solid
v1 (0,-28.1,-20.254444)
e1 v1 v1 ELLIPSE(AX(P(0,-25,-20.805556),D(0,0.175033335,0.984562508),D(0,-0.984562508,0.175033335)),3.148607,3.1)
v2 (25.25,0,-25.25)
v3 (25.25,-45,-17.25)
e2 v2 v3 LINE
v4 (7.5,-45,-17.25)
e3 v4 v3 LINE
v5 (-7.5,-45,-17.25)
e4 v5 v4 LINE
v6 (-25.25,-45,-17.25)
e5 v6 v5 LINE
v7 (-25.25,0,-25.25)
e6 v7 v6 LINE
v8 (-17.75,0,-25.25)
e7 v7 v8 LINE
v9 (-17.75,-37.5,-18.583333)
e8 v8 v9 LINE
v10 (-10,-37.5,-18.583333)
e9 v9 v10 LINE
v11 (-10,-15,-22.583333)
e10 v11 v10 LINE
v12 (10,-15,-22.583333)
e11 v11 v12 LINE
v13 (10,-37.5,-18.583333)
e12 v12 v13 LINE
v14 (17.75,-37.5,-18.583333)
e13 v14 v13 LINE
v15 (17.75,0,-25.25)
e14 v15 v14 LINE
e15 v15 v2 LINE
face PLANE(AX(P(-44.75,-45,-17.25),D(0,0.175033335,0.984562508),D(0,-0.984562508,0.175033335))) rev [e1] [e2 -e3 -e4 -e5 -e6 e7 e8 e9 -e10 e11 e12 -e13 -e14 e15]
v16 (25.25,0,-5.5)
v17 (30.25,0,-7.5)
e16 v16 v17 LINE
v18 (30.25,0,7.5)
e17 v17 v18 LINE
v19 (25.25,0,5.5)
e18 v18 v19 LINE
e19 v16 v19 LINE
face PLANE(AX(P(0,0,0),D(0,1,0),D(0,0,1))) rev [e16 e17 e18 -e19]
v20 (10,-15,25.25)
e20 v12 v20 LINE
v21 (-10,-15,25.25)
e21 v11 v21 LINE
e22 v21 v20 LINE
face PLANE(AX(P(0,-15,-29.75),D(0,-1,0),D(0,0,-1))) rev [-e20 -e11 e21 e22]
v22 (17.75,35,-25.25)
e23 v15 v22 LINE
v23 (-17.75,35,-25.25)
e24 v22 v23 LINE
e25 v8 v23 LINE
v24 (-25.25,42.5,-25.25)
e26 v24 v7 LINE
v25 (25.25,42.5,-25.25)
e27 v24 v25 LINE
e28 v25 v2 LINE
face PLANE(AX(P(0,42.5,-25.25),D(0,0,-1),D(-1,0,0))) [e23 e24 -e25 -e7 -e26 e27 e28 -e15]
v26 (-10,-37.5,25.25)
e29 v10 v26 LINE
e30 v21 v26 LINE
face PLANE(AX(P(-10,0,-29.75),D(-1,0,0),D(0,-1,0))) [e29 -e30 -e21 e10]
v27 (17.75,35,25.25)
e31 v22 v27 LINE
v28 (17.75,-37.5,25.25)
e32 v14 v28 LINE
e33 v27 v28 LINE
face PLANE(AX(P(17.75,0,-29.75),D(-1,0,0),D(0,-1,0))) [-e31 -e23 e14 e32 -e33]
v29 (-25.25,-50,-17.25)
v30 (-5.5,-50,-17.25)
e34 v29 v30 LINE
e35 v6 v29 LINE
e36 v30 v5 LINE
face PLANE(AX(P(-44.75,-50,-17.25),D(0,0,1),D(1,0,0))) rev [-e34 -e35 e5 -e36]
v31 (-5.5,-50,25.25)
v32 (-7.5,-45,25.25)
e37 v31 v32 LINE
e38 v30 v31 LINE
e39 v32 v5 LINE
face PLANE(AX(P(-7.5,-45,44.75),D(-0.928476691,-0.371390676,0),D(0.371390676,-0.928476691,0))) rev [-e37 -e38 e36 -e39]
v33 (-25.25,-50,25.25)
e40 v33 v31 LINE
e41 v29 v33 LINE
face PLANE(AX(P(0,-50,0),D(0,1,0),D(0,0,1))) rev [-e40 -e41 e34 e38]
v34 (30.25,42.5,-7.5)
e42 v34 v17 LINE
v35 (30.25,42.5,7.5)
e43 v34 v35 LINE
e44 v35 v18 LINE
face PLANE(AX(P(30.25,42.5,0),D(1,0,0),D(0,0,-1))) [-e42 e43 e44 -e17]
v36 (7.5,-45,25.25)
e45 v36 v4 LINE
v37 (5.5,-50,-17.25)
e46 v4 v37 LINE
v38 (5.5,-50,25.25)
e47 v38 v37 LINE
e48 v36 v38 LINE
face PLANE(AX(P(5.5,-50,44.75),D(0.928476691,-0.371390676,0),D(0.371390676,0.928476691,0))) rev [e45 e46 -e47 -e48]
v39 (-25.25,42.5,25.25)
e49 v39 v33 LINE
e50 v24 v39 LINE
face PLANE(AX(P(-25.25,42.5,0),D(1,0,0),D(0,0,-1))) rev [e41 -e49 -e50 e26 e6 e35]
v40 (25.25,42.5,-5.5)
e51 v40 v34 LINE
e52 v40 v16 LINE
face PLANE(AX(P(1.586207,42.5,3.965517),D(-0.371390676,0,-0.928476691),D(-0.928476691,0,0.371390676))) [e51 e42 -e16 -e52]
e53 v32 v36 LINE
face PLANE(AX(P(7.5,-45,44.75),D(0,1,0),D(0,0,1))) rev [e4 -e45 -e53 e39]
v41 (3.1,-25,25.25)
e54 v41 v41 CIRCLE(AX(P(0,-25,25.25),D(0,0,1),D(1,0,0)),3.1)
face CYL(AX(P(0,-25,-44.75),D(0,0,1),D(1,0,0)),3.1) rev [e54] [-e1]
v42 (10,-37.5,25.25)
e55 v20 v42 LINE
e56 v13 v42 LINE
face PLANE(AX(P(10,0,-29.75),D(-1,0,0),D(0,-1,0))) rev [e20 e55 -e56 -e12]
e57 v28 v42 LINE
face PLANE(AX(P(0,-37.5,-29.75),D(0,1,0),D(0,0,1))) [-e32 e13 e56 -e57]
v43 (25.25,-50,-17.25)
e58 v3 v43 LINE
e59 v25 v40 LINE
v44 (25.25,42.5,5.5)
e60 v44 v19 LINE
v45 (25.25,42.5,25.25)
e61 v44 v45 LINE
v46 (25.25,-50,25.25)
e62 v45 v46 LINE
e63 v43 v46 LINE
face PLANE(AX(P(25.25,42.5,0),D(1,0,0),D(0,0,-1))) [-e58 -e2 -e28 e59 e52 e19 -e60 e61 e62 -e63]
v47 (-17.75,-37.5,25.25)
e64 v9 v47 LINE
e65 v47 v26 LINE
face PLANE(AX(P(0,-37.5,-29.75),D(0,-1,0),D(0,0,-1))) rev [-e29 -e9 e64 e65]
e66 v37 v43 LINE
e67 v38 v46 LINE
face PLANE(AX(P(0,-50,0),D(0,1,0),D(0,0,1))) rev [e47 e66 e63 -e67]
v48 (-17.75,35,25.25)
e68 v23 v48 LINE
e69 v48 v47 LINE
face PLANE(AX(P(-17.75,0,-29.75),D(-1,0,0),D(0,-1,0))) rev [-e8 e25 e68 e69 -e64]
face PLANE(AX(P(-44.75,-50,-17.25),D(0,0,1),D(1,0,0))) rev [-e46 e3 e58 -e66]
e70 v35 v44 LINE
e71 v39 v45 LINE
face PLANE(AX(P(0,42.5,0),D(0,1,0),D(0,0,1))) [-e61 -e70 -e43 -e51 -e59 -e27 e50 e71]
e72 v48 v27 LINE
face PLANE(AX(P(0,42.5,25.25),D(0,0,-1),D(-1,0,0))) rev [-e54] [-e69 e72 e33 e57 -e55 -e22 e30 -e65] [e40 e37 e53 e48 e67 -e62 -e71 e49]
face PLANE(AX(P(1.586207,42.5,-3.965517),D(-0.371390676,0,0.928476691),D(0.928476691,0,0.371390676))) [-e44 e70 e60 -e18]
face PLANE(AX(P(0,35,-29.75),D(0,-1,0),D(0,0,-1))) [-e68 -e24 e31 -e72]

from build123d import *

# Parameters (mm, degrees)
BOSS_EXTRUDE1_DEPTH = 42.5
BOSS_EXTRUDE2_DEPTH = 50
CUT_EXTRUDE1_DEPTH  = 70
CUT_EXTRUDE2_DEPTH  = 70
SKETCH4_R           = 3.1
CUT_EXTRUDE3_DEPTH  = 70
CUT_EXTRUDE4_DEPTH  = 55


with BuildPart() as part:
    # Sketch1 → Boss-Extrude1 (new body)
    with BuildSketch(Plane(origin=(0, 0, 0), x_dir=(1, 0, 0), z_dir=(0, 1, 0))):
        Polygon((25.25, -25.25), (25.25, -5.5), (30.25, -7.5), (30.25, 7.5), (25.25, 5.5), (25.25, 25.25), (-25.25, 25.25), (-25.25, -25.25), align=None)
    extrude(amount=BOSS_EXTRUDE1_DEPTH)

    # Sketch1<3> → Boss-Extrude2 (add)
    with BuildSketch(Plane(origin=(0, 0, 0), x_dir=(1, 0, 0), z_dir=(0, 1, 0))):
        Polygon((25.25, -5.5), (25.25, 5.5), (25.25, 25.25), (-25.25, 25.25), (-25.25, -25.25), (25.25, -25.25), align=None)
    extrude(amount=-BOSS_EXTRUDE2_DEPTH)

    # Sketch2 → Cut-Extrude1 (cut)
    with BuildSketch(Plane(origin=(0, 0, -25.25), x_dir=(-1, 0, 0), z_dir=(0, 0, -1))):
        Polygon((-5.5, -50), (-7.5, -45), (7.5, -45), (5.5, -50), align=None)
    extrude(amount=-CUT_EXTRUDE1_DEPTH, mode=Mode.SUBTRACT)

    # Sketch3 → Cut-Extrude2 (cut)
    with BuildSketch(Plane(origin=(25.25, 0, 0), x_dir=(0, 0, -1), z_dir=(1, 0, 0))):
        Polygon((17.25, -50), (25.25, -50), (25.25, 0), (17.25, -45), align=None)
    extrude(amount=-CUT_EXTRUDE2_DEPTH, mode=Mode.SUBTRACT)

    # Sketch4 → Cut-Extrude3 (cut)
    with BuildSketch(Plane.XY.offset(25.25)):
        with Locations((0, -25)):
            Circle(SKETCH4_R)
    extrude(amount=-CUT_EXTRUDE3_DEPTH, mode=Mode.SUBTRACT)

    # Sketch5 → Cut-Extrude4 (cut)
    with BuildSketch(Plane.XY.offset(25.25)):
        Polygon((17.75, 35), (-17.75, 35), (-17.75, -37.5), (-10, -37.5), (-10, -15), (10, -15), (10, -37.5), (17.75, -37.5), align=None)
    extrude(amount=-CUT_EXTRUDE4_DEPTH, mode=Mode.SUBTRACT)


solid = part.part
